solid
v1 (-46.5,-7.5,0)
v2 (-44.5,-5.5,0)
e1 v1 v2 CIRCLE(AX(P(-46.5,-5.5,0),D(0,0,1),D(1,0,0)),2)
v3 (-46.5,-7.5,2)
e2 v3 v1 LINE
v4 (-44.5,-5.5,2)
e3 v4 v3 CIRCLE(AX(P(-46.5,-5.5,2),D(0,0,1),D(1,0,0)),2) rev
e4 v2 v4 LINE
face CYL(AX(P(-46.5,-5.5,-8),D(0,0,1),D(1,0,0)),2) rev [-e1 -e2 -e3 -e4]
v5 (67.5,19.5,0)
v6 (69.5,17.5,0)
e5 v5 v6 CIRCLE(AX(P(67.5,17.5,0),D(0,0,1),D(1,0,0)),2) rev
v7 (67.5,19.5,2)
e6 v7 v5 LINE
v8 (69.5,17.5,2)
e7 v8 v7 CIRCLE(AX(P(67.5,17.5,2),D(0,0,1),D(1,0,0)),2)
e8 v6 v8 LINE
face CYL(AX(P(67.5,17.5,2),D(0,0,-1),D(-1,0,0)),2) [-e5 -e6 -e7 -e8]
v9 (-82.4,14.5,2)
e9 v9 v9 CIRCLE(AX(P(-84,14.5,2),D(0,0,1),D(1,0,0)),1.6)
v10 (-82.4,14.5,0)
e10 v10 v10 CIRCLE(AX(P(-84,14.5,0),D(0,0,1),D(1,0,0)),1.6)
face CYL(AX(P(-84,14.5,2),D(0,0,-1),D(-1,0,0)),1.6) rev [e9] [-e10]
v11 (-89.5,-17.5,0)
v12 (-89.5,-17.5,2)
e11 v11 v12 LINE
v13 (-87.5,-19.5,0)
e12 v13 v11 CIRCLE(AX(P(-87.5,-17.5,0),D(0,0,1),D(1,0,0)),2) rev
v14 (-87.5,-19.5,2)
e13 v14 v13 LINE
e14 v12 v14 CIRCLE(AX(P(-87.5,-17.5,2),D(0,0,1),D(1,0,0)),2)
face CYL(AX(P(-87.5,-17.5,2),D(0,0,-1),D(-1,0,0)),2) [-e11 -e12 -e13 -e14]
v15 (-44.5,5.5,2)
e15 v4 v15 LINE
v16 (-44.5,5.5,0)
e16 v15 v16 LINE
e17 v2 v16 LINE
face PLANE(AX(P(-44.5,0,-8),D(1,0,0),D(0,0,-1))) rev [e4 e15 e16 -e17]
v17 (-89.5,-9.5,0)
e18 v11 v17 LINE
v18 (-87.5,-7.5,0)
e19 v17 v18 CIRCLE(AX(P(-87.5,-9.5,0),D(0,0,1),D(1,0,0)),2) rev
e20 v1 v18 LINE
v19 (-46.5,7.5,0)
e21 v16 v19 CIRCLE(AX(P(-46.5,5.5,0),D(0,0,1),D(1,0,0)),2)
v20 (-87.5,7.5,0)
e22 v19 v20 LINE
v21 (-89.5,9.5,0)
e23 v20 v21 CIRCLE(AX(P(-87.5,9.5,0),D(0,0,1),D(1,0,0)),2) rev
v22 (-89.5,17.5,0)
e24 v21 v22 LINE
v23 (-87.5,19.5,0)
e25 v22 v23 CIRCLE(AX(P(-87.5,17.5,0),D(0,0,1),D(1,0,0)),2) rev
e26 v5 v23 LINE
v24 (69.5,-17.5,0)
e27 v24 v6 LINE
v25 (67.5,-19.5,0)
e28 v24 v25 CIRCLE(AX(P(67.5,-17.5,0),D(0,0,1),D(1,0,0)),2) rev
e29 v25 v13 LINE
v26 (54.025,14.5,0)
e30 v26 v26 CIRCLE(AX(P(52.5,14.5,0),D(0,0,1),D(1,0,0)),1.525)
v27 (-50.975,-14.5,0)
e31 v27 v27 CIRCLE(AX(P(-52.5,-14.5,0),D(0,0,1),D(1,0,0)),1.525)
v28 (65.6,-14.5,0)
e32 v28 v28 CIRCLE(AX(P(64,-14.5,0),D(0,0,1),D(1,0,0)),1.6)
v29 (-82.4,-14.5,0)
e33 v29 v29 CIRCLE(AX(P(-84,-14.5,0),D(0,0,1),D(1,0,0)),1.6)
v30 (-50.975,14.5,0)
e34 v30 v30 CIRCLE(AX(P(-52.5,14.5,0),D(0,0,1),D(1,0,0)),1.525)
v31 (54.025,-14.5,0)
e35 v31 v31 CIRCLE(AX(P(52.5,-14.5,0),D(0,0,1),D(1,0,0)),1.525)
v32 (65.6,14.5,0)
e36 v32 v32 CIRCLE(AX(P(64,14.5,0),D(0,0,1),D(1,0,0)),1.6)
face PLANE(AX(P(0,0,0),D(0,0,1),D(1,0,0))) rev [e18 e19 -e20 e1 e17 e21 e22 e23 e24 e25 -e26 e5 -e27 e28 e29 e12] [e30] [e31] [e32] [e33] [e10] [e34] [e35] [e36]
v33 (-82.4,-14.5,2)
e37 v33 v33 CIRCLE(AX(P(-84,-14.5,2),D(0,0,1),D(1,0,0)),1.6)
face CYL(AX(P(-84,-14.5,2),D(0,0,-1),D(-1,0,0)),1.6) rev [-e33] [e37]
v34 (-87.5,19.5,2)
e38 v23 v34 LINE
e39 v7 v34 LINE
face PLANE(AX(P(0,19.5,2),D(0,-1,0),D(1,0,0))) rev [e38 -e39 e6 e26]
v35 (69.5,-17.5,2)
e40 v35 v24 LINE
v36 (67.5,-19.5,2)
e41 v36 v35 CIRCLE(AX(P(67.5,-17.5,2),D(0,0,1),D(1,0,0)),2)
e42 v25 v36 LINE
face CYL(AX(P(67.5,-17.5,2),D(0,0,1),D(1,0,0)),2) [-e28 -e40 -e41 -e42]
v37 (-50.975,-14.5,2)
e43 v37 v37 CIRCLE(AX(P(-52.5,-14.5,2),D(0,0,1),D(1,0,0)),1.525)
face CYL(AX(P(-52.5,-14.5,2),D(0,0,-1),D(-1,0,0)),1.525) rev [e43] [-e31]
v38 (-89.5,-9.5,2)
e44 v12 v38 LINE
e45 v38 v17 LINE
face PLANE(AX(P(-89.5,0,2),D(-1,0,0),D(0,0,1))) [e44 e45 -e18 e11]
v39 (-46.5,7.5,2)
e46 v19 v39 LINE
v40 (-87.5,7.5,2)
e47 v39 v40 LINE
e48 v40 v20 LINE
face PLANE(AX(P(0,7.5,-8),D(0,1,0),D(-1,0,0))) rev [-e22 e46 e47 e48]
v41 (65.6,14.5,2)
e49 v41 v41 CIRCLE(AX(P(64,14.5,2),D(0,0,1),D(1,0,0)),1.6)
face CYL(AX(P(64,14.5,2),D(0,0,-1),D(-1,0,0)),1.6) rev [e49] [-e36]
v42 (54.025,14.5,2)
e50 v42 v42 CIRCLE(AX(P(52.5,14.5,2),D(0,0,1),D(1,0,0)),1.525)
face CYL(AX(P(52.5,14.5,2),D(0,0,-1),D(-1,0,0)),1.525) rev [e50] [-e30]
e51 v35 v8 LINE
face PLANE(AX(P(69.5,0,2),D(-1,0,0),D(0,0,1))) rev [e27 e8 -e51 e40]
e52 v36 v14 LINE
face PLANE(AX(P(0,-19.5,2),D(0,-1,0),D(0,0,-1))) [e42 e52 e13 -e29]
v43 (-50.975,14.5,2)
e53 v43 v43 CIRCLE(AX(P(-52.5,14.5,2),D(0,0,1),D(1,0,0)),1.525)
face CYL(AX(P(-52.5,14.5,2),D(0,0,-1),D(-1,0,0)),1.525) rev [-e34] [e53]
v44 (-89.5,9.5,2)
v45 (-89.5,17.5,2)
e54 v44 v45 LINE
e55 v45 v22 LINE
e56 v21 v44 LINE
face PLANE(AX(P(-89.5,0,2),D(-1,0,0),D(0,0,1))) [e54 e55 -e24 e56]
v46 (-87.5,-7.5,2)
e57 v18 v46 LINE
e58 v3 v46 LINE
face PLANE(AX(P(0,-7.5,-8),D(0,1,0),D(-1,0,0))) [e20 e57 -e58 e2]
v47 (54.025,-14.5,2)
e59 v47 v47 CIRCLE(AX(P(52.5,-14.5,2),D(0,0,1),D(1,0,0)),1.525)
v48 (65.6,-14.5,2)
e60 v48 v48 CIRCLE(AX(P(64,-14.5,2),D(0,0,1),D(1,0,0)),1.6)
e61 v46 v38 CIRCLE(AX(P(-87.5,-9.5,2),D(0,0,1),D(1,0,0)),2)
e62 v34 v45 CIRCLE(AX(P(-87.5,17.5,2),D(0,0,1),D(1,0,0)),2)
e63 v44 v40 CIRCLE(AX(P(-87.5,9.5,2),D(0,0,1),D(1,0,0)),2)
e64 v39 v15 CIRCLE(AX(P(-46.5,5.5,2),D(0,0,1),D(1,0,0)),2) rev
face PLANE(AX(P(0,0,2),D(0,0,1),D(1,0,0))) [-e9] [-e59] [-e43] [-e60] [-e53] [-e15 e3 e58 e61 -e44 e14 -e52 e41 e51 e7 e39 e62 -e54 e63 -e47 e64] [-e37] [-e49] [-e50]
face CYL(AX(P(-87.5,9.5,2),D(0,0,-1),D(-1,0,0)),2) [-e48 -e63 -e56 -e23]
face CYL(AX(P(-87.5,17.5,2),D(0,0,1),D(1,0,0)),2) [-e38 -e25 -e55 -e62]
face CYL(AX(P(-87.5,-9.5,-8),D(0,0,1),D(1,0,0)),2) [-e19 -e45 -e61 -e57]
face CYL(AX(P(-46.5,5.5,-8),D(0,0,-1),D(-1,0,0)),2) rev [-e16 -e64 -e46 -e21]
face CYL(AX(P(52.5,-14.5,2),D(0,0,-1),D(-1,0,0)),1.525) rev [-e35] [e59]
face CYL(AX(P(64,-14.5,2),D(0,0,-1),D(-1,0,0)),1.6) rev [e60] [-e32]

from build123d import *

# Parameters (mm, degrees)
SKETCH_1_W          = 32
SKETCH_1_H          = 39
SKETCH_1_R          = 1.6
SKETCH_1_W_2        = 115
SKETCH_1_R_2        = 1.525
SKETCH_1_W_3        = 12
EXTRUDE_1_DEPTH     = 2
SKETCH_2_W          = 19
SKETCH_2_H          = 15
SKETCH_2_W_2        = 26
CUT_EXTRUDE_1_DEPTH = 10
FILLET_1_R          = 2


with BuildPart() as part:
    # 草图1 → 凸台-拉伸1 (new body)
    # profile 1 of 3: a face of its own
    with BuildSketch(Plane.XY):
        with Locations((-73.5, 0)):
            Rectangle(SKETCH_1_W, SKETCH_1_H)
        with Locations((-84, -14.5)):
            Circle(SKETCH_1_R, mode=Mode.SUBTRACT)
        with Locations((-84, 14.5)):
            Circle(SKETCH_1_R, mode=Mode.SUBTRACT)
    # profile 2 of 3: a face of its own
    with BuildSketch(Plane.XY):
        Rectangle(SKETCH_1_W_2, SKETCH_1_H)
        with Locations((52.5, 14.5)):
            Circle(SKETCH_1_R_2, mode=Mode.SUBTRACT)
        with Locations((52.5, -14.5)):
            Circle(SKETCH_1_R_2, mode=Mode.SUBTRACT)
        with Locations((-52.5, -14.5)):
            Circle(SKETCH_1_R_2, mode=Mode.SUBTRACT)
        with Locations((-52.5, 14.5)):
            Circle(SKETCH_1_R_2, mode=Mode.SUBTRACT)
    # profile 3 of 3: a face of its own
    with BuildSketch(Plane.XY):
        with Locations((63.5, 0)):
            Rectangle(SKETCH_1_W_3, SKETCH_1_H)
        with Locations((64, -14.5)):
            Circle(SKETCH_1_R, mode=Mode.SUBTRACT)
        with Locations((64, 14.5)):
            Circle(SKETCH_1_R, mode=Mode.SUBTRACT)
    extrude(amount=EXTRUDE_1_DEPTH)

    # 草图2 → 切除-拉伸1 (cut)
    with BuildSketch(Plane.XY.offset(2)):
        with Locations((-80, 0)):
            Rectangle(SKETCH_2_W, SKETCH_2_H)
        with Locations((-57.5, 0)):
            Rectangle(SKETCH_2_W_2, SKETCH_2_H)
    extrude(amount=-CUT_EXTRUDE_1_DEPTH, mode=Mode.SUBTRACT)

    # 圆角1
    fillet_1_edges = [part.edges().sort_by_distance(p)[0] for p in [
        (-89.5, 19.5, 1),
        (69.5, 19.5, 1),
        (69.5, -19.5, 1),
        (-89.5, -19.5, 1),
        (-44.5, -7.5, 1),
        (-89.5, -7.5, 1),
        (-89.5, 7.5, 1),
        (-44.5, 7.5, 1),
    ]]
    fillet(fillet_1_edges, radius=FILLET_1_R)


solid = part.part
